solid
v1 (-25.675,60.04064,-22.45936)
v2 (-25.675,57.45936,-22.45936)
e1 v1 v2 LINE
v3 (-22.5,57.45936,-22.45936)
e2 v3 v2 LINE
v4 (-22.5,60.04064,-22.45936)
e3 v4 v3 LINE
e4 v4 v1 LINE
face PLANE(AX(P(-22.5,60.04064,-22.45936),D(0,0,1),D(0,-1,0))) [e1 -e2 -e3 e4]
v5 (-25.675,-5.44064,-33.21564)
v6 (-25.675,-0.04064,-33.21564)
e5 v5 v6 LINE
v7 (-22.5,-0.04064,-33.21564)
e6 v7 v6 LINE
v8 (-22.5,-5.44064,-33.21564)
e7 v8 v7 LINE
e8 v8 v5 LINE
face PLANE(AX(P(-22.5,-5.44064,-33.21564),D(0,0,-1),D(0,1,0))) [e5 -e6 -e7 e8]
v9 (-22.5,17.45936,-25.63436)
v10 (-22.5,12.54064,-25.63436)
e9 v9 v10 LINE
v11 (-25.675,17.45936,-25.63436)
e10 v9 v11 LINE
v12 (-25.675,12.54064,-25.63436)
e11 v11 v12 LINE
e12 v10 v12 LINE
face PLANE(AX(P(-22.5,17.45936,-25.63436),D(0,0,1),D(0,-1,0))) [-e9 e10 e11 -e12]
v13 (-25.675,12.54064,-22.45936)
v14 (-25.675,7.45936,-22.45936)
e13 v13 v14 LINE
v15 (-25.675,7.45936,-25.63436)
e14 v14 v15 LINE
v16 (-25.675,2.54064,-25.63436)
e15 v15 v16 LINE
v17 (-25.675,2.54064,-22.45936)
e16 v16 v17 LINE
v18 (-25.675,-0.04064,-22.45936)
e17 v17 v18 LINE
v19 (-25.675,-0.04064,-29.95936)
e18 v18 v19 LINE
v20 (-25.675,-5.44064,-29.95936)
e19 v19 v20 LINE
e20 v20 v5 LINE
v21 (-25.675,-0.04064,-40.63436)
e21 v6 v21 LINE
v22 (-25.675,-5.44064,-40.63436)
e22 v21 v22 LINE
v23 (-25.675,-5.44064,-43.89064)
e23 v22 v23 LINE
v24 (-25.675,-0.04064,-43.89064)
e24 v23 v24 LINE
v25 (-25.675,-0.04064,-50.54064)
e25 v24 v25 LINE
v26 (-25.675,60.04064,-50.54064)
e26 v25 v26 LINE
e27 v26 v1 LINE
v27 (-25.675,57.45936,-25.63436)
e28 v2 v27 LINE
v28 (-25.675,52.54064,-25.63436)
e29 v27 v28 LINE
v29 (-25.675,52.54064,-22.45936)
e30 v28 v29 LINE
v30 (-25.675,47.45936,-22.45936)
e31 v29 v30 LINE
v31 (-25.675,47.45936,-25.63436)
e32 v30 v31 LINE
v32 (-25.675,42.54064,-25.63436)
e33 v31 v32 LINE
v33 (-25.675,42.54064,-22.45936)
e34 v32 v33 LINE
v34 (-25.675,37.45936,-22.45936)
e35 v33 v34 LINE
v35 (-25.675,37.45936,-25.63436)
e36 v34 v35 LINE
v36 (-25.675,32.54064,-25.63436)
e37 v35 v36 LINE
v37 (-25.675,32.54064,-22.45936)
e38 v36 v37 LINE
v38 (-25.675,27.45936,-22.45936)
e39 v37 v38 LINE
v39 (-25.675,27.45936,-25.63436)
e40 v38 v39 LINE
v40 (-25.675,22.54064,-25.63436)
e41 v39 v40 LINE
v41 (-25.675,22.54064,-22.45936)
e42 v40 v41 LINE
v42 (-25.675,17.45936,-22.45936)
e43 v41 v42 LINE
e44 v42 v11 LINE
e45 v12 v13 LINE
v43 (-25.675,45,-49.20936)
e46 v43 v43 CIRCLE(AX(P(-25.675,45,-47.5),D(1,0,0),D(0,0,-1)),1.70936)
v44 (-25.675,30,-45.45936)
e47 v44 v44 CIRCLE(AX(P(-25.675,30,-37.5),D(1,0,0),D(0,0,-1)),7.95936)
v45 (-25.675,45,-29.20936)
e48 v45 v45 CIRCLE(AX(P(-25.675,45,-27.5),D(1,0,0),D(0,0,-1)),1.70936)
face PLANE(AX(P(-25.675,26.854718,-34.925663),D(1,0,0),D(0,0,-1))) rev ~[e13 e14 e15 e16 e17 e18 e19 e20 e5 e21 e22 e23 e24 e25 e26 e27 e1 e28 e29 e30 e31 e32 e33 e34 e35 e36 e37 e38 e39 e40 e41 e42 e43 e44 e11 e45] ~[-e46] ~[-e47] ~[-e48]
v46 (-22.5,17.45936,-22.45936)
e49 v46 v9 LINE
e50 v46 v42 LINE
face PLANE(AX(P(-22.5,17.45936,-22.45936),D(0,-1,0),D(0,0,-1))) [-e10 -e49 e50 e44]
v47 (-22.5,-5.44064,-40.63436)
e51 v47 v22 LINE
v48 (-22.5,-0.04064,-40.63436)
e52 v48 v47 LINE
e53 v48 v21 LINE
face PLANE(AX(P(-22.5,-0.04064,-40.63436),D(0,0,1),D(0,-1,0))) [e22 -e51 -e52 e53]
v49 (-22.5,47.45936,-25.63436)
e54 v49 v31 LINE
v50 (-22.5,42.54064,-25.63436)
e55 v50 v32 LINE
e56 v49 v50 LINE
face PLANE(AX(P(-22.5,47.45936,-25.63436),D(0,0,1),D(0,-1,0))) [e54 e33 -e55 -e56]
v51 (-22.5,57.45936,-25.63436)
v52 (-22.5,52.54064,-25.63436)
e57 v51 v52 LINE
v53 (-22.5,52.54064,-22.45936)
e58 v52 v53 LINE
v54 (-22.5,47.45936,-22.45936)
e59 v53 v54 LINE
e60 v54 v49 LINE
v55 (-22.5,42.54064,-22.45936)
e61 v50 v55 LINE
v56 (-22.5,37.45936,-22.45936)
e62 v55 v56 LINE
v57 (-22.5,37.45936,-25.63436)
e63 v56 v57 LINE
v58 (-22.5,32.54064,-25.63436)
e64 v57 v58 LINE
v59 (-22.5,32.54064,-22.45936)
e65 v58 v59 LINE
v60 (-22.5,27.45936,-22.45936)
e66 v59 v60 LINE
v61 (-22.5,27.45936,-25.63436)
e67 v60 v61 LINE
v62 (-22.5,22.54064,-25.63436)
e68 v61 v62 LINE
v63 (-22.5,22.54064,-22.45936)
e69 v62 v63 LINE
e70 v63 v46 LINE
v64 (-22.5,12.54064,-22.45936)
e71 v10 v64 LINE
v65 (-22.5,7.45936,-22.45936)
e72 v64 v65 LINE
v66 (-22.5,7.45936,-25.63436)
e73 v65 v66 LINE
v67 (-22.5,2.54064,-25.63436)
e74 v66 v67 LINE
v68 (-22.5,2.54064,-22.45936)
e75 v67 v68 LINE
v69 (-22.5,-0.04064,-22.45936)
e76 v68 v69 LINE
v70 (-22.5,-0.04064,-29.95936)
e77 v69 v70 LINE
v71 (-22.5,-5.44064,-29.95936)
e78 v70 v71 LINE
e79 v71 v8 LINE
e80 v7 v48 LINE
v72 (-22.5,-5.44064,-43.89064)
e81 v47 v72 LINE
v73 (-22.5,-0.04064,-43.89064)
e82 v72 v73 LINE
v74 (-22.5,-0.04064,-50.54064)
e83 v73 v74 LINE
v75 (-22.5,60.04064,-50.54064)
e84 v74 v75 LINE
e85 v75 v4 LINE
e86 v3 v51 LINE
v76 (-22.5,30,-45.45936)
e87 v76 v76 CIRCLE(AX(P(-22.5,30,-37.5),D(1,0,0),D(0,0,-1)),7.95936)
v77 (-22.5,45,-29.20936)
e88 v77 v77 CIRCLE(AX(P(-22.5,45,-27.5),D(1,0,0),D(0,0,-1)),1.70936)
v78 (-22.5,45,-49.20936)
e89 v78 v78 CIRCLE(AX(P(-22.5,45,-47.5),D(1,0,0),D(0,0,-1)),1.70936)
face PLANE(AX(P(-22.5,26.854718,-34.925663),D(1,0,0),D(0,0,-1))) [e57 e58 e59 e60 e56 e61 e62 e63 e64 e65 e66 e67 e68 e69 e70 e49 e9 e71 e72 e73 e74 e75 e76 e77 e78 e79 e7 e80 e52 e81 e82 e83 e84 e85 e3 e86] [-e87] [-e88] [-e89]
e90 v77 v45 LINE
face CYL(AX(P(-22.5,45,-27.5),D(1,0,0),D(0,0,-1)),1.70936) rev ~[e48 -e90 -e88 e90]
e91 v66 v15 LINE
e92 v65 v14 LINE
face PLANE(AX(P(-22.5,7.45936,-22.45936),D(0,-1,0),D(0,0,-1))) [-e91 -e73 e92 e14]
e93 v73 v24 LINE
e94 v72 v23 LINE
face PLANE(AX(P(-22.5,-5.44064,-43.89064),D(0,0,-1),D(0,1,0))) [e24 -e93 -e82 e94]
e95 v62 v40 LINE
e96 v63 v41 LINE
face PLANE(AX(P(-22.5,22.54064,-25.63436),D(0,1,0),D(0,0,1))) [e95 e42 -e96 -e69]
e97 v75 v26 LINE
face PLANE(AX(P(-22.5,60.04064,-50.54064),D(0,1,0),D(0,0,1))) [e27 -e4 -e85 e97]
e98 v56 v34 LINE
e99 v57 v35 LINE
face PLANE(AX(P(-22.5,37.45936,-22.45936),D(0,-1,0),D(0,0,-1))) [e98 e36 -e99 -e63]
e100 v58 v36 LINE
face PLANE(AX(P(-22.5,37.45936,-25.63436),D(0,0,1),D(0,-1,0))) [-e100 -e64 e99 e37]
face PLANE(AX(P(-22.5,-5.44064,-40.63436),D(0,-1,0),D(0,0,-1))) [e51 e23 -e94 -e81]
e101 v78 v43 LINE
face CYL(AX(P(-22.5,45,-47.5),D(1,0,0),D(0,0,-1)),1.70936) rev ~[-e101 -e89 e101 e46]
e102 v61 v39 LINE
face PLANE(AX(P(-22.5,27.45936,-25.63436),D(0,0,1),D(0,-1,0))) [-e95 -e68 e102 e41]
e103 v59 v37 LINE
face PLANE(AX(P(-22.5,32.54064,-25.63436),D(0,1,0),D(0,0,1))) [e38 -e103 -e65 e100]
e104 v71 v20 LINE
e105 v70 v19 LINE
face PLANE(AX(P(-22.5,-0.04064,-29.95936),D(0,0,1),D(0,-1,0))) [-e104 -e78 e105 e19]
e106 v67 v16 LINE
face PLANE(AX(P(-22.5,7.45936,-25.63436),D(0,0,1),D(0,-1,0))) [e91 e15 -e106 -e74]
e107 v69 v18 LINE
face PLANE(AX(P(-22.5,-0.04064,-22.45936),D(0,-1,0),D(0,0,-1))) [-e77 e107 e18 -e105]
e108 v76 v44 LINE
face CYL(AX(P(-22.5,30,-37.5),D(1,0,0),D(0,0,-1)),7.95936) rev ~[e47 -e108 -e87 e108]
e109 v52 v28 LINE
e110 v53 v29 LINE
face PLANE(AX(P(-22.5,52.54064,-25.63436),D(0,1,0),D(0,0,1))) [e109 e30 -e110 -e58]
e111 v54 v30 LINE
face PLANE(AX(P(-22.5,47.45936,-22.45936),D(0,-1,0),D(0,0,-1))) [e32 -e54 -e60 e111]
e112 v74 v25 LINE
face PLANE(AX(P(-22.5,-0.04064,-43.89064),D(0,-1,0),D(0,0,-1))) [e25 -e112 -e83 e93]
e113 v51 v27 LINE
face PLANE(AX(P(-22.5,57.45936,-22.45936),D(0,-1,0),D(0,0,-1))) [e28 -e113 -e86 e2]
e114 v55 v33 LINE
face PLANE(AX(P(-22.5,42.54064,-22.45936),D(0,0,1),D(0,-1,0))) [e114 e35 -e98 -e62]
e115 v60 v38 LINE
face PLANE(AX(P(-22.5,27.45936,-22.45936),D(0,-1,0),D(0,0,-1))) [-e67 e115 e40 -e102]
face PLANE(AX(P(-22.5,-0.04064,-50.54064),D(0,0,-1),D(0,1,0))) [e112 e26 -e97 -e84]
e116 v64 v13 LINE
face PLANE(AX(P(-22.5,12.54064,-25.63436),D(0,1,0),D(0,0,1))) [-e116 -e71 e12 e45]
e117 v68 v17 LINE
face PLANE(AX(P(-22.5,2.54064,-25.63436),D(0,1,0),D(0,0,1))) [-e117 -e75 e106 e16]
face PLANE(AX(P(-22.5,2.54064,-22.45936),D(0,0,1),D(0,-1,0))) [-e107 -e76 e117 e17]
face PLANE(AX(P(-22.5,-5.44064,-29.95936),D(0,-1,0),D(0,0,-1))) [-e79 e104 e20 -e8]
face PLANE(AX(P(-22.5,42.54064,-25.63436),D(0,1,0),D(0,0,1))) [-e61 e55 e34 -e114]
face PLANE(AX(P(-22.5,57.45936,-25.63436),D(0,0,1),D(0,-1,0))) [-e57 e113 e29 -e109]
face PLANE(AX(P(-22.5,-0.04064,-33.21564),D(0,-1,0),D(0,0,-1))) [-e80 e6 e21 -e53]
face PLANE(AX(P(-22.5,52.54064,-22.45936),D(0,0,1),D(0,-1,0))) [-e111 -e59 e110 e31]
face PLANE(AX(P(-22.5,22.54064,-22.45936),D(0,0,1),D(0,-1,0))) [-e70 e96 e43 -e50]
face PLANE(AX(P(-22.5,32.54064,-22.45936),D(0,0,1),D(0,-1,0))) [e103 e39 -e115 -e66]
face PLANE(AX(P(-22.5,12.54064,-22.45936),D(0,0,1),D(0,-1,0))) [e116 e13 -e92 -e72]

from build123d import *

# Parameters (mm, degrees)
SKETCH1_W           = 24.825
SKETCH1_H           = 3.175
SKETCH1_W_2         = 3.175
SKETCH1_H_2         = 24.825
BOSS_EXTRUDE1_DEPTH = 60
SKETCH2_W           = 3.125
SKETCH2_H           = 5.4
BOSS_EXTRUDE4_DEPTH = 3.175
SKETCH4_R           = 8
CUT_EXTRUDE1_DEPTH  = 3.175
SKETCH3_R           = 8
CUT_EXTRUDE2_DEPTH  = 3.175
SKETCH5_W           = 3.175
SKETCH5_H           = 5.4
BOSS_EXTRUDE5_DEPTH = 3.175
SKETCH6_R           = 1.75
CUT_EXTRUDE3_DEPTH  = 10
SKETCH7_R           = 1.75
CUT_EXTRUDE4_DEPTH  = 10
SKETCH9_W           = 3.175
SKETCH9_H           = 65.4
CUT_EXTRUDE5_DEPTH  = 24.825
SKETCH10_W          = 3.175
SKETCH10_H          = 5
CUT_EXTRUDE6_DEPTH  = 10
SKETCH11_R          = 7.95936
SKETCH11_R_2        = 1.70936
BOSS_EXTRUDE6_DEPTH = 3.175


with BuildPart() as part:
    # Sketch1 → Boss-Extrude1 (new body)
    with BuildSketch(Plane(origin=(0, 0, 0), x_dir=(1, 0, 0), z_dir=(0, 1, 0))):
        with Locations((-38.0875, 24.0875)):
            Rectangle(SKETCH1_W, SKETCH1_H)
        with Locations((-24.0875, 24.0875)):
            Rectangle(SKETCH1_W_2, SKETCH1_H)
        with Locations((-24.0875, 38.0875)):
            Rectangle(SKETCH1_W_2, SKETCH1_H_2)
    extrude(amount=BOSS_EXTRUDE1_DEPTH)

    # Sketch2 → Boss-Extrude4 (add)
    with BuildSketch(Plane.XY.offset(-22.5)):
        with Locations((-42.1875, -2.7)):
            Rectangle(SKETCH2_W, SKETCH2_H)
        with Locations((-31.5625, -2.7)):
            Rectangle(SKETCH2_W, SKETCH2_H)
    extrude(amount=-BOSS_EXTRUDE4_DEPTH)

    # Sketch4 → Cut-Extrude1 (cut)
    with BuildSketch(Plane.XY.offset(-22.5)):
        with Locations((-37.5, 30)):
            Circle(SKETCH4_R)
    extrude(amount=-CUT_EXTRUDE1_DEPTH, mode=Mode.SUBTRACT)

    # Sketch3 → Cut-Extrude2 (cut)
    with BuildSketch(Plane(origin=(-22.5, 0, 0), x_dir=(0, 0, -1), z_dir=(1, 0, 0))):
        with Locations((37.5, 30)):
            Circle(SKETCH3_R)
    extrude(amount=-CUT_EXTRUDE2_DEPTH, mode=Mode.SUBTRACT)

    # Sketch5 → Boss-Extrude5 (add)
    with BuildSketch(Plane(origin=(-22.5, 0, 0), x_dir=(0, 0, -1), z_dir=(1, 0, 0))):
        with Locations((42.2625, -2.7)):
            Rectangle(SKETCH5_W, SKETCH5_H)
        with Locations((31.5875, -2.7)):
            Rectangle(SKETCH5_W, SKETCH5_H)
    extrude(amount=-BOSS_EXTRUDE5_DEPTH)

    # Sketch6 → Cut-Extrude3 (cut)
    with BuildSketch(Plane.XY.offset(-22.5)):
        with Locations((-47.5, 45)):
            Circle(SKETCH6_R)
        with Locations((-27.5, 45)):
            Circle(SKETCH6_R)
    extrude(amount=-CUT_EXTRUDE3_DEPTH, mode=Mode.SUBTRACT)

    # Sketch7 → Cut-Extrude4 (cut)
    with BuildSketch(Plane(origin=(-22.5, 0, 0), x_dir=(0, 0, -1), z_dir=(1, 0, 0))):
        with Locations((47.5, 45)):
            Circle(SKETCH7_R)
        with Locations((27.5, 45)):
            Circle(SKETCH7_R)
    extrude(amount=-CUT_EXTRUDE4_DEPTH, mode=Mode.SUBTRACT)

    # Sketch9 → Cut-Extrude5 (cut)
    with BuildSketch(Plane.ZY.offset(50.5)):
        with Locations((-24.0875, 27.3)):
            Rectangle(SKETCH9_W, SKETCH9_H)
    extrude(amount=-CUT_EXTRUDE5_DEPTH, mode=Mode.SUBTRACT)

    # Sketch10 → Cut-Extrude6 (cut)
    with BuildSketch(Plane.ZY.offset(25.675)):
        with Locations((-24.0875, 55)):
            Rectangle(SKETCH10_W, SKETCH10_H)
        with Locations((-24.0875, 45)):
            Rectangle(SKETCH10_W, SKETCH10_H)
        with Locations((-24.0875, 35)):
            Rectangle(SKETCH10_W, SKETCH10_H)
        with Locations((-24.0875, 25)):
            Rectangle(SKETCH10_W, SKETCH10_H)
        with Locations((-24.0875, 15)):
            Rectangle(SKETCH10_W, SKETCH10_H)
        with Locations((-24.0875, 5)):
            Rectangle(SKETCH10_W, SKETCH10_H)
    extrude(amount=-CUT_EXTRUDE6_DEPTH, mode=Mode.SUBTRACT)

    # Sketch11 → Boss-Extrude6 (add)
    with BuildSketch(Plane(origin=(-22.5, 0, 0), x_dir=(0, 0, -1), z_dir=(1, 0, 0))):
        Polygon((25.63436, 57.45936), (25.63436, 52.54064), (22.45936, 52.54064), (22.45936, 47.45936), (25.63436, 47.45936), (25.63436, 42.54064), (22.45936, 42.54064), (22.45936, 37.45936), (25.63436, 37.45936), (25.63436, 32.54064), (22.45936, 32.54064), (22.45936, 27.45936), (25.63436, 27.45936), (25.63436, 22.54064), (22.45936, 22.54064), (22.45936, 17.45936), (25.63436, 17.45936), (25.63436, 12.54064), (22.45936, 12.54064), (22.45936, 7.45936), (25.63436, 7.45936), (25.63436, 2.54064), (22.45936, 2.54064), (22.45936, -0.04064), (29.95936, -0.04064), (29.95936, -5.44064), (33.21564, -5.44064), (33.21564, -0.04064), (40.63436, -0.04064), (40.63436, -5.44064), (43.89064, -5.44064), (43.89064, -0.04064), (50.54064, -0.04064), (50.54064, 60.04064), (22.45936, 60.04064), (22.45936, 57.45936), align=None)
        with Locations((37.5, 30)):
            Circle(SKETCH11_R, mode=Mode.SUBTRACT)
        with Locations((27.5, 45)):
            Circle(SKETCH11_R_2, mode=Mode.SUBTRACT)
        with Locations((47.5, 45)):
            Circle(SKETCH11_R_2, mode=Mode.SUBTRACT)
    extrude(amount=-BOSS_EXTRUDE6_DEPTH)


solid = part.part
